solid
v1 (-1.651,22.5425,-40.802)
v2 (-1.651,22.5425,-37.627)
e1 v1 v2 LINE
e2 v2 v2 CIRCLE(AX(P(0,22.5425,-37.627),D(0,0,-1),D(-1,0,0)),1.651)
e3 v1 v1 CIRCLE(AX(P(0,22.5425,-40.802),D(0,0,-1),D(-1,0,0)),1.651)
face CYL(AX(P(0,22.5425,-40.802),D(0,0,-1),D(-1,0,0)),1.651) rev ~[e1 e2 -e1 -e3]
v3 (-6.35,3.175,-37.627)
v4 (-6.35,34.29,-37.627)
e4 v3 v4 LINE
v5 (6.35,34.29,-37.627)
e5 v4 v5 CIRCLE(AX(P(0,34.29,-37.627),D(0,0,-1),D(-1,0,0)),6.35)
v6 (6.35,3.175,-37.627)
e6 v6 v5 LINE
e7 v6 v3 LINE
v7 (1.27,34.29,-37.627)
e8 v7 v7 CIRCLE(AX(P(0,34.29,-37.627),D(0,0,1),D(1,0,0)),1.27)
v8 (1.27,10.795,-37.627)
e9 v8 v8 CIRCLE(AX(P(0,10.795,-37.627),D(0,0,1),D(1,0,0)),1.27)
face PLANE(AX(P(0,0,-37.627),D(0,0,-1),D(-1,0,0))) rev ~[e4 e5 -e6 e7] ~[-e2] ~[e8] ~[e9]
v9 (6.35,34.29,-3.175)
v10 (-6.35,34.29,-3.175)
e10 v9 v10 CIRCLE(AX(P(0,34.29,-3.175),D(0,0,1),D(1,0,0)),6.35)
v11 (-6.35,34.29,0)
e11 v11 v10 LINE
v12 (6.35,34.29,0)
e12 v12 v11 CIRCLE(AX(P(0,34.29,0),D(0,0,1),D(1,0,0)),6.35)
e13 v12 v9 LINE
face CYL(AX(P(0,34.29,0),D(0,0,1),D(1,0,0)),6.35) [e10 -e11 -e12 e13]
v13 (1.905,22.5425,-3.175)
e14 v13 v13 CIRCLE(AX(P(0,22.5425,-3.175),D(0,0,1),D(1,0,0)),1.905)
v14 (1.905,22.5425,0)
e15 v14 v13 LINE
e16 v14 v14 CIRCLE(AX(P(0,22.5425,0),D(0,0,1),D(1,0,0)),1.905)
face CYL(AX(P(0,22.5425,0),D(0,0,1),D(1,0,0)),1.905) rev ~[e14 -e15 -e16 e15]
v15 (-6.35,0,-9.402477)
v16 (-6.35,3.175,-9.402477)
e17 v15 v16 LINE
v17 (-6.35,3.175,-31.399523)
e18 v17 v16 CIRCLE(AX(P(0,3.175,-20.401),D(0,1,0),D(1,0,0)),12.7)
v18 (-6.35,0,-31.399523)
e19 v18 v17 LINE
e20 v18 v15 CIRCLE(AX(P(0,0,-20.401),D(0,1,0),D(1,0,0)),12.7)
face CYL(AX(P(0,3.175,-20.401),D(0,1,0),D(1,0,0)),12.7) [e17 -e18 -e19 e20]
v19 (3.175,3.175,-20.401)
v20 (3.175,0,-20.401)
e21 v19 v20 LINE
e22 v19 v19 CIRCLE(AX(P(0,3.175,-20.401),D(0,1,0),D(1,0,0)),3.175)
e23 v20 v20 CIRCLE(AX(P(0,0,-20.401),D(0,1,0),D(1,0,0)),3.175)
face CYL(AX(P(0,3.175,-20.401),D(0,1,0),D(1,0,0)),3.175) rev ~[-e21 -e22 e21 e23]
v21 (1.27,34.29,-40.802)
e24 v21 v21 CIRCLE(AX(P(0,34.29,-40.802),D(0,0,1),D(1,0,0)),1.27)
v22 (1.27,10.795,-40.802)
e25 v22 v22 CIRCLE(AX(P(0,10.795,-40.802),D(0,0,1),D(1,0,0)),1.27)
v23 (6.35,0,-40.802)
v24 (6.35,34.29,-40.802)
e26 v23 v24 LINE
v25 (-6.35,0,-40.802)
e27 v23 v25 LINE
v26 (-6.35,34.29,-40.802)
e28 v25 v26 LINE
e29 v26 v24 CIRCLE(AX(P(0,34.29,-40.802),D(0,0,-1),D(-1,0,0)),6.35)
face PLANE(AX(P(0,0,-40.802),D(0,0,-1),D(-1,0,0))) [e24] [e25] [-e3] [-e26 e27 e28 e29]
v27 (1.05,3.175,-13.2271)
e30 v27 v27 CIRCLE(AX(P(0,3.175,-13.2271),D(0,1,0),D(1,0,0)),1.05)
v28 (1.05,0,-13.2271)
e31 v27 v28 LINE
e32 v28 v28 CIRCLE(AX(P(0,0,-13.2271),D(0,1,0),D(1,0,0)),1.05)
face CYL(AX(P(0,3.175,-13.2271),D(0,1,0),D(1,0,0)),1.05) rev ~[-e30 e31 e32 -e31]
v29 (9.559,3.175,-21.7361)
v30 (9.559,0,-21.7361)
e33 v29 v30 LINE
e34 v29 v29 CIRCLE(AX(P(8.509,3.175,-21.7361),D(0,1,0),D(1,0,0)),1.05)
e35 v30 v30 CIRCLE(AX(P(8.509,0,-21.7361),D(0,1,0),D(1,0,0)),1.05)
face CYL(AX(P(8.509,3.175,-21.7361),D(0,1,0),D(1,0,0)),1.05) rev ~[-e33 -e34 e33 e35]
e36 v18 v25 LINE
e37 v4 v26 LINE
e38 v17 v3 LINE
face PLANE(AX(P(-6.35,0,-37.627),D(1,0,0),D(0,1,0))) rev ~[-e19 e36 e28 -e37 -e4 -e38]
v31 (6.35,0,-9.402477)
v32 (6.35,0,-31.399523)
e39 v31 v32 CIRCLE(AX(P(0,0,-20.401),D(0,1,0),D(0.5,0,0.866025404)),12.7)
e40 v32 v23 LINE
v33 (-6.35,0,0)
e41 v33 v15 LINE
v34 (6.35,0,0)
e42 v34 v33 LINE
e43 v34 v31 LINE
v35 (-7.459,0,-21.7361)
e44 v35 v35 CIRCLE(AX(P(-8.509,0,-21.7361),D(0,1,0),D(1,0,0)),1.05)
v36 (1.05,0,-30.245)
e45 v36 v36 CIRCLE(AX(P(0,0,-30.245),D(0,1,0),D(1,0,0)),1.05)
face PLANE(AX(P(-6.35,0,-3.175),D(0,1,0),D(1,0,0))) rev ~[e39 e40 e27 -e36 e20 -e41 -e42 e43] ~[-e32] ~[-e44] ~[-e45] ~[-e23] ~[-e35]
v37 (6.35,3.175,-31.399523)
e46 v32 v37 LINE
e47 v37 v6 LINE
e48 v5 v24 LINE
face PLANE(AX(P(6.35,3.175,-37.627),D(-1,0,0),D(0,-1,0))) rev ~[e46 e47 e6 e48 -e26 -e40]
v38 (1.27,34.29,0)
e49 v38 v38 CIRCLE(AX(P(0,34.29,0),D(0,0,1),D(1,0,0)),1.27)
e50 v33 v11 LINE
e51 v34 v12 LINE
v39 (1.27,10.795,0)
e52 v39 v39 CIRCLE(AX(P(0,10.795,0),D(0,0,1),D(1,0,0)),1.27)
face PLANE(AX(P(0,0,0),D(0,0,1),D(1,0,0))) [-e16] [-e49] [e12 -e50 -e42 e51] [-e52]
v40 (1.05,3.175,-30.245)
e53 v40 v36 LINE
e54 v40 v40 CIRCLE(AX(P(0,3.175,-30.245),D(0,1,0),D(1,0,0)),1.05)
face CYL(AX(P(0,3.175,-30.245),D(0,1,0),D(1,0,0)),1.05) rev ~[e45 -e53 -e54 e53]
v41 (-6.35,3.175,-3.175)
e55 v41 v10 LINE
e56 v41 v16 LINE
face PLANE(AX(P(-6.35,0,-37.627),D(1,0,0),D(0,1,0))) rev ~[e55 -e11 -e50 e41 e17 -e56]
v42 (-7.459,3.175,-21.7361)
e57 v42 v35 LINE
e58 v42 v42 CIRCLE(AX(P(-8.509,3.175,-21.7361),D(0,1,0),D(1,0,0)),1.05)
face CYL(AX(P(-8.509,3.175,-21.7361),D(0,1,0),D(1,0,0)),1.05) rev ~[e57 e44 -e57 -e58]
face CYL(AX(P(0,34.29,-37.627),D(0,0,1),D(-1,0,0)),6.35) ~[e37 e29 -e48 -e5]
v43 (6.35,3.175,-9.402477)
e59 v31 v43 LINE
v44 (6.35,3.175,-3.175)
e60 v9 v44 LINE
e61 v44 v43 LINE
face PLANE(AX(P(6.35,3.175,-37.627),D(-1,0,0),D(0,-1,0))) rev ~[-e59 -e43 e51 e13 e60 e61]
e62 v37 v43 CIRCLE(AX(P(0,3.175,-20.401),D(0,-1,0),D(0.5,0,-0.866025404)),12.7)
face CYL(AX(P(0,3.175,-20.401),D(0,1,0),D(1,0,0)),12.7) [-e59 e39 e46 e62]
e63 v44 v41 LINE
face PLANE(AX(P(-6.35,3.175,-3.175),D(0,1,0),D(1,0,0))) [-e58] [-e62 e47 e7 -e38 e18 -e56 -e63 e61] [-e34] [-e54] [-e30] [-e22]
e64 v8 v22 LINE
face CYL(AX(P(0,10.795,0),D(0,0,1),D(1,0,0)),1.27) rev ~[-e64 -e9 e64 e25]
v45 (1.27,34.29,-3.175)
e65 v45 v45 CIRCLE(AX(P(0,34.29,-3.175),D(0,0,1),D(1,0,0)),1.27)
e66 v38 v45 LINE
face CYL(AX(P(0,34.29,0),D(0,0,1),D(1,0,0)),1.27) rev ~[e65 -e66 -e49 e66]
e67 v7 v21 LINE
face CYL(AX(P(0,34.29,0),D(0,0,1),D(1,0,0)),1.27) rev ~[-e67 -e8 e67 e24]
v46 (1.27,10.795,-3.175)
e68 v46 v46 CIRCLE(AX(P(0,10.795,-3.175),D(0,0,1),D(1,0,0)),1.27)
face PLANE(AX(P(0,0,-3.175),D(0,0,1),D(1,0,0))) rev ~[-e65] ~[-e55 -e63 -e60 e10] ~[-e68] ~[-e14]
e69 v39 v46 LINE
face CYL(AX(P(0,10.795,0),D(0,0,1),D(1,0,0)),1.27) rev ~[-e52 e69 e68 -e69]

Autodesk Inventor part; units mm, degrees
ref_plane "YZ Plane" through (0, 0, 0) normal (1, 0, 0) x (0, 1, 0)
ref_plane "XZ Plane" through (0, 0, 0) normal (0, 1, 0) x (-1, 0, 0)
ref_plane "XY Plane" through (0, 0, 0) normal (0, 0, 1) x (1, 0, 0)
sketch "Sketch1" plane through (0, 0, 0) normal (0, 0, 1) x (1, 0, 0)
  line L0 (-6.35, 0) -> (-6.35, 3.175)
  line L1 (-6.35, 3.175) -> (-6.35, 34.29)
  line L2 (6.35, 34.29) -> (6.35, 3.175)
  line L3 (6.35, 3.175) -> (6.35, 0)
  line L4 (6.35, 0) -> (-6.35, 0)
  arc A0 (6.35, 34.29) -> (-6.35, 34.29) centre (0, 34.29) ccw
  point P0 (0, 0)
  point P1 (0, 0)
  dimension "d3" = 12.7
  dimension "d4" = 40.64
  dimension "d26" = 6.35
  dimension "d27" = 3.175
extrude "Extrusion1" add sketch "Sketch1" against normal blind 3.175
sketch "Sketch2" plane through (0, 0, -3.175) normal (0, 0, -1) x (-1, 0, 0)
  line L0 (-6.35, 34.29) -> (-6.35, 0) projected
  line L1 (6.35, 0) -> (-6.35, 0)
  line L2 (-6.35, 0) -> (-6.35, 3.175)
  line L3 (-6.35, 3.175) -> (6.35, 3.175)
  line L4 (6.35, 3.175) -> (6.35, 0)
  point P0 (0, 0)
  point P1 (-6.35, 3.175)
  dimension "d5" = 3.175
extrude "Extrusion2" add sketch "Sketch2" along normal blind 34.452
sketch "Sketch3" plane through (0, 0, -37.627) normal (0, 0, -1) x (-1, 0, 0)
  line L0 (-6.35, 0) -> (6.35, 0) projected
  line L1 (6.35, 0) -> (-6.35, 0)
  line L2 (6.35, 0) -> (6.35, 34.29)
  line L3 (-6.35, 3.175) -> (-6.35, 0) projected
  line L4 (-6.35, 0) -> (-6.35, 3.175)
  line L5 (-6.35, 3.175) -> (-6.35, 34.29)
  arc A0 (6.35, 34.29) -> (-6.35, 34.29) centre (0, 34.29) ccw
  point P0 (0, 0)
  dimension "d45" = 6.35
  dimension "d55" = 34.29
extrude "Extrusion7" add sketch "Sketch3" along normal blind 3.175
sketch "Sketch4" plane through (-6.35, 3.175, -3.175) normal (0, 1, 0) x (1, 0, 0)
  circle A0 centre (6.35, 17.226) radius 12.7
  line L0 (0, 0) -> (0, 34.452) construction
  line L1 (0, 0) -> (12.7, 34.452) construction
  point P0 (6.35, -3.175)
  point P1 (12.7, 34.452)
  dimension "d13" = 25.4
extrude "Extrusion4" add sketch "Sketch4" against normal up to surface (3.175 mm away)
sketch "Sketch6" plane through (0, 0, 0) normal (0, 0, 1) x (1, 0, 0)
  circle A0 centre (0, 34.29) radius 1.27
  circle A1 centre (0, 10.795) radius 1.27
  line L0 (0, 10.795) -> (0, 34.29) construction
  line L1 (6.35, 0) -> (-6.35, 0) construction
  line L2 (-1.27, 22.5425) -> (0, 22.5425) construction
  line L3 (-1.27, 10.795) -> (-1.27, 34.29) construction
  arc A2 (6.35, 34.29) -> (-6.35, 34.29) centre (0, 34.29) ccw projected
  line L4 (-6.35, 3.175) -> (-6.35, 34.29) construction
  line L5 (-6.35, 10.795) -> (6.35, 10.795) construction
  point P0 (0, 0)
  point P1 (0, 0)
  dimension "d18" = 2.54
  dimension "d19" = 23.495
extrude "Extrusion6" cut sketch "Sketch6" against normal blind 500
sketch "Sketch8" plane through (-6.35, 3.175, -3.175) normal (0, 1, 0) x (1, 0, 0)
  circle A0 centre (6.35, 17.226) radius 3.175
  arc A1 (0, 28.2245) -> (0, 6.2275) centre (6.35, 17.226) ccw projected
  point P0 (6.35, -3.175)
  dimension "d36" = 6.35
extrude "Extrusion9" cut sketch "Sketch8" against normal up to next
sketch "Sketch9" plane through (0, 0, 0) normal (0, 0, 1) x (1, 0, 0)
  circle A0 centre (0, 22.5425) radius 1.905
  circle A1 centre (0, 34.29) radius 1.27 construction
  circle A2 centre (0, 10.795) radius 1.27 construction
  line L0 (0, 34.29) -> (0, 10.795) construction
  point P0 (0, 0)
  point P1 (0, 22.5425)
  dimension "d39" = 3.81
extrude "Extrusion10" cut sketch "Sketch9" against normal up to next
sketch "Sketch10" plane through (-6.35, 3.175, -3.175) normal (0, 1, 0) x (1, 0, 0)
  circle A0 centre (6.35, 10.0521) radius 1.05 projected
  circle A1 centre (-2.159, 18.5611) radius 1.05 projected
  circle A2 centre (6.35, 27.07) radius 1.05 projected
  circle A3 centre (14.859, 18.5611) radius 1.05 projected
  point P0 (6.35, -3.175)
extrude "Extrusion11" cut sketch "Sketch10" against normal up to next
sketch "Sketch12" plane through (0, 0, -40.802) normal (0, 0, -1) x (-1, 0, 0)
  circle A0 centre (0, 22.5425) radius 1.651
  circle A1 centre (0, 22.5425) radius 1.905 projected
  point P0 (0, 0)
  dimension "d52" = 3.302
extrude "Extrusion13" cut sketch "Sketch12" against normal up to next contours A0
properties part number "camerabracket" material "ABS Plastic"
